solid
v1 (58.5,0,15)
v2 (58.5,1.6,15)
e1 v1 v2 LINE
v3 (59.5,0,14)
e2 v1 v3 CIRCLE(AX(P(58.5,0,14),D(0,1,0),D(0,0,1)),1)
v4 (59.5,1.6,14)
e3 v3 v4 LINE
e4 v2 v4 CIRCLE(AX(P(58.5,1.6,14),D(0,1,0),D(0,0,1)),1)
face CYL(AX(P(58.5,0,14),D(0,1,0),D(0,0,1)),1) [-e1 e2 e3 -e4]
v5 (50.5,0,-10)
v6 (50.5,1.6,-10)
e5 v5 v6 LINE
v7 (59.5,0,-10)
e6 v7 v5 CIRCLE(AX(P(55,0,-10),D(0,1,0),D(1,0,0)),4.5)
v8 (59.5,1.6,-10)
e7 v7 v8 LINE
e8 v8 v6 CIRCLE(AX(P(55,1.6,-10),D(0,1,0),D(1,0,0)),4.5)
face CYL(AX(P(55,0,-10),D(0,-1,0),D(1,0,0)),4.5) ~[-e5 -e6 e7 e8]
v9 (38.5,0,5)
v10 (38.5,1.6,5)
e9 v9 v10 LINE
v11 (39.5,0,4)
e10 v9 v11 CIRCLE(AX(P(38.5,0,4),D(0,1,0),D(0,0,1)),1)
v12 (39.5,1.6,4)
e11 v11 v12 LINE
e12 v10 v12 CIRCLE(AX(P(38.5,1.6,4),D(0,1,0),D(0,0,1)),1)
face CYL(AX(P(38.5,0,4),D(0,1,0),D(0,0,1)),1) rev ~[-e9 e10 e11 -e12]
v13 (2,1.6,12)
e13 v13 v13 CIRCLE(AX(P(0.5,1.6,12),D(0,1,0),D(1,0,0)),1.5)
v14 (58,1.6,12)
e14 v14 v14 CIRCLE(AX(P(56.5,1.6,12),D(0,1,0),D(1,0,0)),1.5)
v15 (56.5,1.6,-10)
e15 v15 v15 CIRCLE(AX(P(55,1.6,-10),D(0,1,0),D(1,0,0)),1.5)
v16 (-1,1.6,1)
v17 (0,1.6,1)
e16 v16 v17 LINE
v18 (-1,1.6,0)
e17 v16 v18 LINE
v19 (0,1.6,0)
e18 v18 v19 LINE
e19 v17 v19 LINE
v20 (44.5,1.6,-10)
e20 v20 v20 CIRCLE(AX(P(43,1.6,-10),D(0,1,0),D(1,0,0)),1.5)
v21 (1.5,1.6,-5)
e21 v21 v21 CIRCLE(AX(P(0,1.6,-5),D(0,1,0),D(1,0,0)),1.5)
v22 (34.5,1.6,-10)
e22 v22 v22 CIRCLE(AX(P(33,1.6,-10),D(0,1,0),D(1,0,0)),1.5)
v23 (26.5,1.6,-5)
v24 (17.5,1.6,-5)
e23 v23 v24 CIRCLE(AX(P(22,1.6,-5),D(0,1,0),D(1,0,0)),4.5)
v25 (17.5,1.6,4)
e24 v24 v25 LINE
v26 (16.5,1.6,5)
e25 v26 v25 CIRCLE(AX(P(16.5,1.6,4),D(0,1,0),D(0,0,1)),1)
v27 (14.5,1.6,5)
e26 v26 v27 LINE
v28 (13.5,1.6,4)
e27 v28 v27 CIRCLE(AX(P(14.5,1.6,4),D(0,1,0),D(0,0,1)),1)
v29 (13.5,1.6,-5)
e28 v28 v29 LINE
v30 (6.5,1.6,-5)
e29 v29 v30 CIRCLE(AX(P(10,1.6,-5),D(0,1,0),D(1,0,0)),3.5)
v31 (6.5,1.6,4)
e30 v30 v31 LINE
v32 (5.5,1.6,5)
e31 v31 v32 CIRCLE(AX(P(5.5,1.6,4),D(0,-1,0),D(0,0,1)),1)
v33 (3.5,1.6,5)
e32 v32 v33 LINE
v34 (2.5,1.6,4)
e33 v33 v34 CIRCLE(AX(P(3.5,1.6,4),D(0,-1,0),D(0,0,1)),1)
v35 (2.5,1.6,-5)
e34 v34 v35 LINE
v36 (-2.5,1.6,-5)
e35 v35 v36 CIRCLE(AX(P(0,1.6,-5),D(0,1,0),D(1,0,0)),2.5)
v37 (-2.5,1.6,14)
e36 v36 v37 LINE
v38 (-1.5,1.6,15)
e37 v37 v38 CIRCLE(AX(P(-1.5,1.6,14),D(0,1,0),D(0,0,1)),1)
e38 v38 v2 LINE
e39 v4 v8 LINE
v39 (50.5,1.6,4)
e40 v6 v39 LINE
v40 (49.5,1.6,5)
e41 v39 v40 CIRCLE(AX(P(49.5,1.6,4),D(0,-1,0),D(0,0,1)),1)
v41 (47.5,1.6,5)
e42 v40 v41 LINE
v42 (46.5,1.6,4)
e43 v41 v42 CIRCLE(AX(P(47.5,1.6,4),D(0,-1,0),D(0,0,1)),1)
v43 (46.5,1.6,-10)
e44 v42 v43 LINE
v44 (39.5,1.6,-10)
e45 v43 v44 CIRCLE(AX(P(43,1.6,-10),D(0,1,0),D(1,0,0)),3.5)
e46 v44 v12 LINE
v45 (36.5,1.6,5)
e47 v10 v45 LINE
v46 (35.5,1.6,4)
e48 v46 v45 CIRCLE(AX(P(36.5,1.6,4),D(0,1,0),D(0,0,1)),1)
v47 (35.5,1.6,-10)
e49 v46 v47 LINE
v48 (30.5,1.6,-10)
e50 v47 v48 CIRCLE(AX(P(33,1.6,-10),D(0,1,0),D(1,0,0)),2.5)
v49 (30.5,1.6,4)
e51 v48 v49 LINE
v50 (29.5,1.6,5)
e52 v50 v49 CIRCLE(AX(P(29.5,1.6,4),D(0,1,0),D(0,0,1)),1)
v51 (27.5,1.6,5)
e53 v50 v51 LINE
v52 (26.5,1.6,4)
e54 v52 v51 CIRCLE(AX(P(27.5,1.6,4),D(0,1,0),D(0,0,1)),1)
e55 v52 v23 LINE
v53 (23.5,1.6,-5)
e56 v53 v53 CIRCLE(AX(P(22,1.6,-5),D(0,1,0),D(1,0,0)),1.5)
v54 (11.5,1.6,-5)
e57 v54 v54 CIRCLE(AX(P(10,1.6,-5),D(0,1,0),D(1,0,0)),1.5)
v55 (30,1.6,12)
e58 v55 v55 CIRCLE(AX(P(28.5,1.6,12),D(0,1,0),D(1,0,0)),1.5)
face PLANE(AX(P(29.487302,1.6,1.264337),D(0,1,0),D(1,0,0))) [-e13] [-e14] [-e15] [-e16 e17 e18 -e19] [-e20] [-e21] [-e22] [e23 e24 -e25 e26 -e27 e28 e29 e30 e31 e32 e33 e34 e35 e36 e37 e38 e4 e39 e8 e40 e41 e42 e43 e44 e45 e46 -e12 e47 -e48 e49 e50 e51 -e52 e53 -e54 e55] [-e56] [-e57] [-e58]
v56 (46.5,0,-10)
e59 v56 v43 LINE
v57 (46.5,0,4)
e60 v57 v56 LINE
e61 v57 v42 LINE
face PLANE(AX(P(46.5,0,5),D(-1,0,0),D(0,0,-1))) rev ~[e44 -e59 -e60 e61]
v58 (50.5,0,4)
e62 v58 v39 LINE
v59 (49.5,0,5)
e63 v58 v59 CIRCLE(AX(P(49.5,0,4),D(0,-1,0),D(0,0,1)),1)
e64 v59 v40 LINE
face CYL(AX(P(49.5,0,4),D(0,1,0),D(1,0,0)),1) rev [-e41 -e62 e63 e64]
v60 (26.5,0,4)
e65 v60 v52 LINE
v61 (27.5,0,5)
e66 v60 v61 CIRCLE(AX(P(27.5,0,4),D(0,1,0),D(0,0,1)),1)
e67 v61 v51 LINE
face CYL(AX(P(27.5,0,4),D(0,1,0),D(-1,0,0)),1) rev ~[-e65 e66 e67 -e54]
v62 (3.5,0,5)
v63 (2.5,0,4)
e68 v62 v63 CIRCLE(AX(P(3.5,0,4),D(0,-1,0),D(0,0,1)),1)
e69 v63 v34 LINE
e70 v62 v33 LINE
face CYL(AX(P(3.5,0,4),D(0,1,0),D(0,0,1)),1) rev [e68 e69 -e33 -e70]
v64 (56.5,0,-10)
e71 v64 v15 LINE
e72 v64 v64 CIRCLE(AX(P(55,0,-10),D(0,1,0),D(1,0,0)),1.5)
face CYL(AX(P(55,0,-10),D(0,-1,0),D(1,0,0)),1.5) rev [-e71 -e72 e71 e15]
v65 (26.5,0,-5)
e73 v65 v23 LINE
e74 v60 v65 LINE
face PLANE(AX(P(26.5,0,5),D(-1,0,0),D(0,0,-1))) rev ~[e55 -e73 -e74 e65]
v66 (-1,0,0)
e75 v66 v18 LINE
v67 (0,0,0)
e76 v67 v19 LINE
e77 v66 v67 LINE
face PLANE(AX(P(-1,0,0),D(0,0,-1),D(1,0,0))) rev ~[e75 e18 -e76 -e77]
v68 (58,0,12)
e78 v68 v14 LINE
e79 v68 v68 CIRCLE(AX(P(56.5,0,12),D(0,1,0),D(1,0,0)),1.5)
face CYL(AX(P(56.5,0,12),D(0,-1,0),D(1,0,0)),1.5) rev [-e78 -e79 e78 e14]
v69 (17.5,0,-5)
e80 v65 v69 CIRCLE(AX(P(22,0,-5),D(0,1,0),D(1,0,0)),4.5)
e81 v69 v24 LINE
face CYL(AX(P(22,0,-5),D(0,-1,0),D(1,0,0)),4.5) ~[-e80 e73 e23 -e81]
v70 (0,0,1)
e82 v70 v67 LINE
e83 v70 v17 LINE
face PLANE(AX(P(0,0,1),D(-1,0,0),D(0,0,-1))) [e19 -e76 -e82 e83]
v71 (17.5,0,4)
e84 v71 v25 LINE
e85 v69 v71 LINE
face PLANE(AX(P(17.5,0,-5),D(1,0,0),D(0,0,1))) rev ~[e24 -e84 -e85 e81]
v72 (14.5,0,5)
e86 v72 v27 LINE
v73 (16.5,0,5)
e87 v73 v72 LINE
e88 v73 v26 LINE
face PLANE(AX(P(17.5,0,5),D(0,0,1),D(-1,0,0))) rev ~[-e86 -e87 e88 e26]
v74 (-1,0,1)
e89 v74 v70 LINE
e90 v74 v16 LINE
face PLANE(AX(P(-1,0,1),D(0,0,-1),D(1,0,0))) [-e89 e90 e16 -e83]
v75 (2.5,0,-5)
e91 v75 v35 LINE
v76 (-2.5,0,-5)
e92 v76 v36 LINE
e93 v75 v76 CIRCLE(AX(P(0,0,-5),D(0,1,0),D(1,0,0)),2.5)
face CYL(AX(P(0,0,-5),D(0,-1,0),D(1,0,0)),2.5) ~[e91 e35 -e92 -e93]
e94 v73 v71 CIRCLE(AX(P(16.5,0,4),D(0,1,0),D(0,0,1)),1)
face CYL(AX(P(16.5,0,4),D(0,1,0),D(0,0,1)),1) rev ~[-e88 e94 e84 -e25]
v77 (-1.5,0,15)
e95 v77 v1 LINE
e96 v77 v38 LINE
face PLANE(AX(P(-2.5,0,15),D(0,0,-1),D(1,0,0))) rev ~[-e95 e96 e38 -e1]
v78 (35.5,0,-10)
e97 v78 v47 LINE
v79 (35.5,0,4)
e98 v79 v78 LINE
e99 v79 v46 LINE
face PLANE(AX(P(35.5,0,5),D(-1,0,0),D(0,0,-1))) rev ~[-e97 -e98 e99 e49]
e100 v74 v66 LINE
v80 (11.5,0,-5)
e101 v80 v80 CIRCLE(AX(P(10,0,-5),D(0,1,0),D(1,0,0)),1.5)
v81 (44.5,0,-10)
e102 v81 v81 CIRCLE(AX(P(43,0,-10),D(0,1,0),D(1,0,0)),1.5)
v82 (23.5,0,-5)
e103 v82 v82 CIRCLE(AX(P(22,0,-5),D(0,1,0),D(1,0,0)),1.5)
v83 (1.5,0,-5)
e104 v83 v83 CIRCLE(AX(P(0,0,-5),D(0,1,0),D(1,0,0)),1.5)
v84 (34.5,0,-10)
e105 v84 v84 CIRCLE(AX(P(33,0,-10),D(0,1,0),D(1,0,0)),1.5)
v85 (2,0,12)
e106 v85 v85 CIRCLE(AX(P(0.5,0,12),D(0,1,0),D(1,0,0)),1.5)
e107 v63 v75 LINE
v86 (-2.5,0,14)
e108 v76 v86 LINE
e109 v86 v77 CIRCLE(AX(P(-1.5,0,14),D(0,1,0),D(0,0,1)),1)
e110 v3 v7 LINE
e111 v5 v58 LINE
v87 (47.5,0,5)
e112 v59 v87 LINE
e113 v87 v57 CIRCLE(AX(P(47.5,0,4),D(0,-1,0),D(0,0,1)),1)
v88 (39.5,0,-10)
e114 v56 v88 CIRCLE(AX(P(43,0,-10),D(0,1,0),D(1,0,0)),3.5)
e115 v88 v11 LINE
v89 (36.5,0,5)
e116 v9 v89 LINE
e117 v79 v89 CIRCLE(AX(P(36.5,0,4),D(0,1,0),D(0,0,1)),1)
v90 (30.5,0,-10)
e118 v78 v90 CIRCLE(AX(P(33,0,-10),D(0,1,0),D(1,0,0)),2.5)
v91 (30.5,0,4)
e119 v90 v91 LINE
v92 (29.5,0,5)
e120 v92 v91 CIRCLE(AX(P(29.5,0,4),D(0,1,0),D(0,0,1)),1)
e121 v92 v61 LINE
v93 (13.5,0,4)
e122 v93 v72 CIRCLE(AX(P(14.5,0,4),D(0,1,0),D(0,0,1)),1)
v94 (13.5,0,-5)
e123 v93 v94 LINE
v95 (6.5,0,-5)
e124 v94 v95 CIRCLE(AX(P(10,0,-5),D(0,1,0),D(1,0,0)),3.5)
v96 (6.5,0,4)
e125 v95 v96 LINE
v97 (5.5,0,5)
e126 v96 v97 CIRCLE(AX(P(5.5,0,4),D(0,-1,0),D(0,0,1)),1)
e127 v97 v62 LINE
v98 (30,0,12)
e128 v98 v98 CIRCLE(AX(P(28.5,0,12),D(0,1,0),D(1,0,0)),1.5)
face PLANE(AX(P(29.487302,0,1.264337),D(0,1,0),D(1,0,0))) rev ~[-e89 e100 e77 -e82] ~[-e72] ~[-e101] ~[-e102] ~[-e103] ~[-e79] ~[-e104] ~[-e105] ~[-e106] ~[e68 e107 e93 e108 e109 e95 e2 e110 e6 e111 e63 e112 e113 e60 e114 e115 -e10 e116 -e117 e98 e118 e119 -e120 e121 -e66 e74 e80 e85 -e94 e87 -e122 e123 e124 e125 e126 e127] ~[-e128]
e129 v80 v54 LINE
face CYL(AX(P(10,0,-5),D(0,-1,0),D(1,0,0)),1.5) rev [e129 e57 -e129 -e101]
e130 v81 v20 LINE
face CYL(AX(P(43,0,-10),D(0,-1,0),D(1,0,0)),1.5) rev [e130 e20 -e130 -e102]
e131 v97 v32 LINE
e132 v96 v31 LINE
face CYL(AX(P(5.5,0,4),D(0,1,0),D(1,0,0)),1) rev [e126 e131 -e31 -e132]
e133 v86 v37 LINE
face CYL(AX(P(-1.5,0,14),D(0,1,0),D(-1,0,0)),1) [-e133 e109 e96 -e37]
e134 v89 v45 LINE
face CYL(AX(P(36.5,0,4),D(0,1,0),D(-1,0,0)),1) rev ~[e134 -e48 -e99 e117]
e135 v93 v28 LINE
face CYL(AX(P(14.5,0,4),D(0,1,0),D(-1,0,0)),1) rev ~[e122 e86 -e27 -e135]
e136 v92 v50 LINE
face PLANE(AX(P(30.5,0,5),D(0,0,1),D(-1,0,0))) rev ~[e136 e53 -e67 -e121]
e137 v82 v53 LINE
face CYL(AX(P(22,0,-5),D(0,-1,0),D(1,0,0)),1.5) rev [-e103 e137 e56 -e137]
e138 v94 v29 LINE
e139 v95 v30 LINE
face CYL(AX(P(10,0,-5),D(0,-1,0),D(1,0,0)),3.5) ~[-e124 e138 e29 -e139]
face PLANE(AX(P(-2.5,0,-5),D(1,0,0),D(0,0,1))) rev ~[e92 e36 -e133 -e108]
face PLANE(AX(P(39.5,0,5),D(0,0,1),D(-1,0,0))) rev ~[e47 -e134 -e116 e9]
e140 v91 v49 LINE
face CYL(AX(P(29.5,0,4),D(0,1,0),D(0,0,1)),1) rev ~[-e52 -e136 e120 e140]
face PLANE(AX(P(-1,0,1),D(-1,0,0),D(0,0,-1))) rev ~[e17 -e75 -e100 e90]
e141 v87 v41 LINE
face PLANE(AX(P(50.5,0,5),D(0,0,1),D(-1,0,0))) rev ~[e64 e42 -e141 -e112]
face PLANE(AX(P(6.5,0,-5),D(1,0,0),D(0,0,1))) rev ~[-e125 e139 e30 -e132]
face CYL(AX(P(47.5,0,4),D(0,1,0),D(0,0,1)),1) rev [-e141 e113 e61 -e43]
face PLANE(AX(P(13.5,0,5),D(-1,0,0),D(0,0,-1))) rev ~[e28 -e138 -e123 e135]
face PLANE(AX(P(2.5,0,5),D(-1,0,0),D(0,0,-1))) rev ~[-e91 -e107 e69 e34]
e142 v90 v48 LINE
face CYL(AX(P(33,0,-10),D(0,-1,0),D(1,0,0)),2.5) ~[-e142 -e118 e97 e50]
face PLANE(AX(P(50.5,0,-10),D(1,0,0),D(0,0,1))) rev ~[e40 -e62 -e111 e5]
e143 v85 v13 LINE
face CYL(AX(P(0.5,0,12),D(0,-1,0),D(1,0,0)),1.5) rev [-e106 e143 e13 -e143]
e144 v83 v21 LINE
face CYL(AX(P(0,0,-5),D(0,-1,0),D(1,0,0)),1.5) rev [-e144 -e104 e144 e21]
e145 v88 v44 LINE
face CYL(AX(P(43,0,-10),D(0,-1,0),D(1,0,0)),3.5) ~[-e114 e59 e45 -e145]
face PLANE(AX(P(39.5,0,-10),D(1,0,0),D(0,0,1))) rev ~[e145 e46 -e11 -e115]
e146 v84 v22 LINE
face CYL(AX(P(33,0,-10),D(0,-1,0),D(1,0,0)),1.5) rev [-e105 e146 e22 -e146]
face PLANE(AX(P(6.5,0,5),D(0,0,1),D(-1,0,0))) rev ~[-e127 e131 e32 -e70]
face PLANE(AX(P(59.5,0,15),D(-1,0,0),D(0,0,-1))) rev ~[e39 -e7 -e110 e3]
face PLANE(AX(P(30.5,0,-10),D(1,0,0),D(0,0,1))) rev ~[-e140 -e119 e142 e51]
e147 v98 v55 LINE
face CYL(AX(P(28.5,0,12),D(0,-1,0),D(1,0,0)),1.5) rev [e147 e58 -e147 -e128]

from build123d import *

# Parameters (mm, degrees)
SKETCH1_R           = 1.5
SKETCH1_W           = 1
SKETCH1_H           = 1
BOSS_EXTRUDE1_DEPTH = 1.6
FILLET1_R           = 1


with BuildPart() as part:
    # Sketch1 → Boss-Extrude1 (new body)
    with BuildSketch(Plane(origin=(0, 0, 0), x_dir=(1, 0, 0), z_dir=(0, 1, 0))):
        with BuildLine():
            ThreePointArc((13.5, 5), (10, 8.5), (6.5, 5))
            Line((6.5, 5), (6.5, -5))
            Line((6.5, -5), (2.5, -5))
            Line((2.5, -5), (2.5, 5))
            ThreePointArc((2.5, 5), (0, 7.5), (-2.5, 5))
            Line((-2.5, 5), (-2.5, -15))
            Line((-2.5, -15), (59.5, -15))
            Line((59.5, -15), (59.5, 10))
            ThreePointArc((59.5, 10), (55, 14.5), (50.5, 10))
            Line((50.5, 10), (50.5, -5))
            Line((50.5, -5), (46.5, -5))
            Line((46.5, -5), (46.5, 10))
            ThreePointArc((46.5, 10), (43, 13.5), (39.5, 10))
            Line((39.5, 10), (39.5, -5))
            Line((39.5, -5), (35.5, -5))
            Line((35.5, -5), (35.5, 10))
            ThreePointArc((35.5, 10), (33, 12.5), (30.5, 10))
            Line((30.5, 10), (30.5, -5))
            Line((30.5, -5), (26.5, -5))
            Line((26.5, -5), (26.5, 5))
            ThreePointArc((26.5, 5), (22, 9.5), (17.5, 5))
            Line((17.5, 5), (17.5, -5))
            Line((17.5, -5), (13.5, -5))
            Line((13.5, -5), (13.5, 5))
        make_face()
        with Locations((10, 5)):
            Circle(SKETCH1_R, mode=Mode.SUBTRACT)
        with Locations((56.5, -12)):
            Circle(SKETCH1_R, mode=Mode.SUBTRACT)
        with Locations((0.5, -12)):
            Circle(SKETCH1_R, mode=Mode.SUBTRACT)
        with Locations((28.5, -12)):
            Circle(SKETCH1_R, mode=Mode.SUBTRACT)
        with Locations((0, 5)):
            Circle(SKETCH1_R, mode=Mode.SUBTRACT)
        with Locations((-0.5, -0.5)):
            Rectangle(SKETCH1_W, SKETCH1_H, mode=Mode.SUBTRACT)
        with Locations((22, 5)):
            Circle(SKETCH1_R, mode=Mode.SUBTRACT)
        with Locations((33, 10)):
            Circle(SKETCH1_R, mode=Mode.SUBTRACT)
        with Locations((55, 10)):
            Circle(SKETCH1_R, mode=Mode.SUBTRACT)
        with Locations((43, 10)):
            Circle(SKETCH1_R, mode=Mode.SUBTRACT)
    extrude(amount=BOSS_EXTRUDE1_DEPTH)

    # Fillet1
    fillet1_edges = [part.edges().sort_by_distance(p)[0] for p in [
        (2.5, 0.8, 5),
        (6.5, 0.8, 5),
        (13.5, 0.8, 5),
        (17.5, 0.8, 5),
        (26.5, 0.8, 5),
        (30.5, 0.8, 5),
        (35.5, 0.8, 5),
        (39.5, 0.8, 5),
        (46.5, 0.8, 5),
        (50.5, 0.8, 5),
        (59.5, 0.8, 15),
        (-2.5, 0.8, 15),
    ]]
    fillet(fillet1_edges, radius=FILLET1_R)


solid = part.part
